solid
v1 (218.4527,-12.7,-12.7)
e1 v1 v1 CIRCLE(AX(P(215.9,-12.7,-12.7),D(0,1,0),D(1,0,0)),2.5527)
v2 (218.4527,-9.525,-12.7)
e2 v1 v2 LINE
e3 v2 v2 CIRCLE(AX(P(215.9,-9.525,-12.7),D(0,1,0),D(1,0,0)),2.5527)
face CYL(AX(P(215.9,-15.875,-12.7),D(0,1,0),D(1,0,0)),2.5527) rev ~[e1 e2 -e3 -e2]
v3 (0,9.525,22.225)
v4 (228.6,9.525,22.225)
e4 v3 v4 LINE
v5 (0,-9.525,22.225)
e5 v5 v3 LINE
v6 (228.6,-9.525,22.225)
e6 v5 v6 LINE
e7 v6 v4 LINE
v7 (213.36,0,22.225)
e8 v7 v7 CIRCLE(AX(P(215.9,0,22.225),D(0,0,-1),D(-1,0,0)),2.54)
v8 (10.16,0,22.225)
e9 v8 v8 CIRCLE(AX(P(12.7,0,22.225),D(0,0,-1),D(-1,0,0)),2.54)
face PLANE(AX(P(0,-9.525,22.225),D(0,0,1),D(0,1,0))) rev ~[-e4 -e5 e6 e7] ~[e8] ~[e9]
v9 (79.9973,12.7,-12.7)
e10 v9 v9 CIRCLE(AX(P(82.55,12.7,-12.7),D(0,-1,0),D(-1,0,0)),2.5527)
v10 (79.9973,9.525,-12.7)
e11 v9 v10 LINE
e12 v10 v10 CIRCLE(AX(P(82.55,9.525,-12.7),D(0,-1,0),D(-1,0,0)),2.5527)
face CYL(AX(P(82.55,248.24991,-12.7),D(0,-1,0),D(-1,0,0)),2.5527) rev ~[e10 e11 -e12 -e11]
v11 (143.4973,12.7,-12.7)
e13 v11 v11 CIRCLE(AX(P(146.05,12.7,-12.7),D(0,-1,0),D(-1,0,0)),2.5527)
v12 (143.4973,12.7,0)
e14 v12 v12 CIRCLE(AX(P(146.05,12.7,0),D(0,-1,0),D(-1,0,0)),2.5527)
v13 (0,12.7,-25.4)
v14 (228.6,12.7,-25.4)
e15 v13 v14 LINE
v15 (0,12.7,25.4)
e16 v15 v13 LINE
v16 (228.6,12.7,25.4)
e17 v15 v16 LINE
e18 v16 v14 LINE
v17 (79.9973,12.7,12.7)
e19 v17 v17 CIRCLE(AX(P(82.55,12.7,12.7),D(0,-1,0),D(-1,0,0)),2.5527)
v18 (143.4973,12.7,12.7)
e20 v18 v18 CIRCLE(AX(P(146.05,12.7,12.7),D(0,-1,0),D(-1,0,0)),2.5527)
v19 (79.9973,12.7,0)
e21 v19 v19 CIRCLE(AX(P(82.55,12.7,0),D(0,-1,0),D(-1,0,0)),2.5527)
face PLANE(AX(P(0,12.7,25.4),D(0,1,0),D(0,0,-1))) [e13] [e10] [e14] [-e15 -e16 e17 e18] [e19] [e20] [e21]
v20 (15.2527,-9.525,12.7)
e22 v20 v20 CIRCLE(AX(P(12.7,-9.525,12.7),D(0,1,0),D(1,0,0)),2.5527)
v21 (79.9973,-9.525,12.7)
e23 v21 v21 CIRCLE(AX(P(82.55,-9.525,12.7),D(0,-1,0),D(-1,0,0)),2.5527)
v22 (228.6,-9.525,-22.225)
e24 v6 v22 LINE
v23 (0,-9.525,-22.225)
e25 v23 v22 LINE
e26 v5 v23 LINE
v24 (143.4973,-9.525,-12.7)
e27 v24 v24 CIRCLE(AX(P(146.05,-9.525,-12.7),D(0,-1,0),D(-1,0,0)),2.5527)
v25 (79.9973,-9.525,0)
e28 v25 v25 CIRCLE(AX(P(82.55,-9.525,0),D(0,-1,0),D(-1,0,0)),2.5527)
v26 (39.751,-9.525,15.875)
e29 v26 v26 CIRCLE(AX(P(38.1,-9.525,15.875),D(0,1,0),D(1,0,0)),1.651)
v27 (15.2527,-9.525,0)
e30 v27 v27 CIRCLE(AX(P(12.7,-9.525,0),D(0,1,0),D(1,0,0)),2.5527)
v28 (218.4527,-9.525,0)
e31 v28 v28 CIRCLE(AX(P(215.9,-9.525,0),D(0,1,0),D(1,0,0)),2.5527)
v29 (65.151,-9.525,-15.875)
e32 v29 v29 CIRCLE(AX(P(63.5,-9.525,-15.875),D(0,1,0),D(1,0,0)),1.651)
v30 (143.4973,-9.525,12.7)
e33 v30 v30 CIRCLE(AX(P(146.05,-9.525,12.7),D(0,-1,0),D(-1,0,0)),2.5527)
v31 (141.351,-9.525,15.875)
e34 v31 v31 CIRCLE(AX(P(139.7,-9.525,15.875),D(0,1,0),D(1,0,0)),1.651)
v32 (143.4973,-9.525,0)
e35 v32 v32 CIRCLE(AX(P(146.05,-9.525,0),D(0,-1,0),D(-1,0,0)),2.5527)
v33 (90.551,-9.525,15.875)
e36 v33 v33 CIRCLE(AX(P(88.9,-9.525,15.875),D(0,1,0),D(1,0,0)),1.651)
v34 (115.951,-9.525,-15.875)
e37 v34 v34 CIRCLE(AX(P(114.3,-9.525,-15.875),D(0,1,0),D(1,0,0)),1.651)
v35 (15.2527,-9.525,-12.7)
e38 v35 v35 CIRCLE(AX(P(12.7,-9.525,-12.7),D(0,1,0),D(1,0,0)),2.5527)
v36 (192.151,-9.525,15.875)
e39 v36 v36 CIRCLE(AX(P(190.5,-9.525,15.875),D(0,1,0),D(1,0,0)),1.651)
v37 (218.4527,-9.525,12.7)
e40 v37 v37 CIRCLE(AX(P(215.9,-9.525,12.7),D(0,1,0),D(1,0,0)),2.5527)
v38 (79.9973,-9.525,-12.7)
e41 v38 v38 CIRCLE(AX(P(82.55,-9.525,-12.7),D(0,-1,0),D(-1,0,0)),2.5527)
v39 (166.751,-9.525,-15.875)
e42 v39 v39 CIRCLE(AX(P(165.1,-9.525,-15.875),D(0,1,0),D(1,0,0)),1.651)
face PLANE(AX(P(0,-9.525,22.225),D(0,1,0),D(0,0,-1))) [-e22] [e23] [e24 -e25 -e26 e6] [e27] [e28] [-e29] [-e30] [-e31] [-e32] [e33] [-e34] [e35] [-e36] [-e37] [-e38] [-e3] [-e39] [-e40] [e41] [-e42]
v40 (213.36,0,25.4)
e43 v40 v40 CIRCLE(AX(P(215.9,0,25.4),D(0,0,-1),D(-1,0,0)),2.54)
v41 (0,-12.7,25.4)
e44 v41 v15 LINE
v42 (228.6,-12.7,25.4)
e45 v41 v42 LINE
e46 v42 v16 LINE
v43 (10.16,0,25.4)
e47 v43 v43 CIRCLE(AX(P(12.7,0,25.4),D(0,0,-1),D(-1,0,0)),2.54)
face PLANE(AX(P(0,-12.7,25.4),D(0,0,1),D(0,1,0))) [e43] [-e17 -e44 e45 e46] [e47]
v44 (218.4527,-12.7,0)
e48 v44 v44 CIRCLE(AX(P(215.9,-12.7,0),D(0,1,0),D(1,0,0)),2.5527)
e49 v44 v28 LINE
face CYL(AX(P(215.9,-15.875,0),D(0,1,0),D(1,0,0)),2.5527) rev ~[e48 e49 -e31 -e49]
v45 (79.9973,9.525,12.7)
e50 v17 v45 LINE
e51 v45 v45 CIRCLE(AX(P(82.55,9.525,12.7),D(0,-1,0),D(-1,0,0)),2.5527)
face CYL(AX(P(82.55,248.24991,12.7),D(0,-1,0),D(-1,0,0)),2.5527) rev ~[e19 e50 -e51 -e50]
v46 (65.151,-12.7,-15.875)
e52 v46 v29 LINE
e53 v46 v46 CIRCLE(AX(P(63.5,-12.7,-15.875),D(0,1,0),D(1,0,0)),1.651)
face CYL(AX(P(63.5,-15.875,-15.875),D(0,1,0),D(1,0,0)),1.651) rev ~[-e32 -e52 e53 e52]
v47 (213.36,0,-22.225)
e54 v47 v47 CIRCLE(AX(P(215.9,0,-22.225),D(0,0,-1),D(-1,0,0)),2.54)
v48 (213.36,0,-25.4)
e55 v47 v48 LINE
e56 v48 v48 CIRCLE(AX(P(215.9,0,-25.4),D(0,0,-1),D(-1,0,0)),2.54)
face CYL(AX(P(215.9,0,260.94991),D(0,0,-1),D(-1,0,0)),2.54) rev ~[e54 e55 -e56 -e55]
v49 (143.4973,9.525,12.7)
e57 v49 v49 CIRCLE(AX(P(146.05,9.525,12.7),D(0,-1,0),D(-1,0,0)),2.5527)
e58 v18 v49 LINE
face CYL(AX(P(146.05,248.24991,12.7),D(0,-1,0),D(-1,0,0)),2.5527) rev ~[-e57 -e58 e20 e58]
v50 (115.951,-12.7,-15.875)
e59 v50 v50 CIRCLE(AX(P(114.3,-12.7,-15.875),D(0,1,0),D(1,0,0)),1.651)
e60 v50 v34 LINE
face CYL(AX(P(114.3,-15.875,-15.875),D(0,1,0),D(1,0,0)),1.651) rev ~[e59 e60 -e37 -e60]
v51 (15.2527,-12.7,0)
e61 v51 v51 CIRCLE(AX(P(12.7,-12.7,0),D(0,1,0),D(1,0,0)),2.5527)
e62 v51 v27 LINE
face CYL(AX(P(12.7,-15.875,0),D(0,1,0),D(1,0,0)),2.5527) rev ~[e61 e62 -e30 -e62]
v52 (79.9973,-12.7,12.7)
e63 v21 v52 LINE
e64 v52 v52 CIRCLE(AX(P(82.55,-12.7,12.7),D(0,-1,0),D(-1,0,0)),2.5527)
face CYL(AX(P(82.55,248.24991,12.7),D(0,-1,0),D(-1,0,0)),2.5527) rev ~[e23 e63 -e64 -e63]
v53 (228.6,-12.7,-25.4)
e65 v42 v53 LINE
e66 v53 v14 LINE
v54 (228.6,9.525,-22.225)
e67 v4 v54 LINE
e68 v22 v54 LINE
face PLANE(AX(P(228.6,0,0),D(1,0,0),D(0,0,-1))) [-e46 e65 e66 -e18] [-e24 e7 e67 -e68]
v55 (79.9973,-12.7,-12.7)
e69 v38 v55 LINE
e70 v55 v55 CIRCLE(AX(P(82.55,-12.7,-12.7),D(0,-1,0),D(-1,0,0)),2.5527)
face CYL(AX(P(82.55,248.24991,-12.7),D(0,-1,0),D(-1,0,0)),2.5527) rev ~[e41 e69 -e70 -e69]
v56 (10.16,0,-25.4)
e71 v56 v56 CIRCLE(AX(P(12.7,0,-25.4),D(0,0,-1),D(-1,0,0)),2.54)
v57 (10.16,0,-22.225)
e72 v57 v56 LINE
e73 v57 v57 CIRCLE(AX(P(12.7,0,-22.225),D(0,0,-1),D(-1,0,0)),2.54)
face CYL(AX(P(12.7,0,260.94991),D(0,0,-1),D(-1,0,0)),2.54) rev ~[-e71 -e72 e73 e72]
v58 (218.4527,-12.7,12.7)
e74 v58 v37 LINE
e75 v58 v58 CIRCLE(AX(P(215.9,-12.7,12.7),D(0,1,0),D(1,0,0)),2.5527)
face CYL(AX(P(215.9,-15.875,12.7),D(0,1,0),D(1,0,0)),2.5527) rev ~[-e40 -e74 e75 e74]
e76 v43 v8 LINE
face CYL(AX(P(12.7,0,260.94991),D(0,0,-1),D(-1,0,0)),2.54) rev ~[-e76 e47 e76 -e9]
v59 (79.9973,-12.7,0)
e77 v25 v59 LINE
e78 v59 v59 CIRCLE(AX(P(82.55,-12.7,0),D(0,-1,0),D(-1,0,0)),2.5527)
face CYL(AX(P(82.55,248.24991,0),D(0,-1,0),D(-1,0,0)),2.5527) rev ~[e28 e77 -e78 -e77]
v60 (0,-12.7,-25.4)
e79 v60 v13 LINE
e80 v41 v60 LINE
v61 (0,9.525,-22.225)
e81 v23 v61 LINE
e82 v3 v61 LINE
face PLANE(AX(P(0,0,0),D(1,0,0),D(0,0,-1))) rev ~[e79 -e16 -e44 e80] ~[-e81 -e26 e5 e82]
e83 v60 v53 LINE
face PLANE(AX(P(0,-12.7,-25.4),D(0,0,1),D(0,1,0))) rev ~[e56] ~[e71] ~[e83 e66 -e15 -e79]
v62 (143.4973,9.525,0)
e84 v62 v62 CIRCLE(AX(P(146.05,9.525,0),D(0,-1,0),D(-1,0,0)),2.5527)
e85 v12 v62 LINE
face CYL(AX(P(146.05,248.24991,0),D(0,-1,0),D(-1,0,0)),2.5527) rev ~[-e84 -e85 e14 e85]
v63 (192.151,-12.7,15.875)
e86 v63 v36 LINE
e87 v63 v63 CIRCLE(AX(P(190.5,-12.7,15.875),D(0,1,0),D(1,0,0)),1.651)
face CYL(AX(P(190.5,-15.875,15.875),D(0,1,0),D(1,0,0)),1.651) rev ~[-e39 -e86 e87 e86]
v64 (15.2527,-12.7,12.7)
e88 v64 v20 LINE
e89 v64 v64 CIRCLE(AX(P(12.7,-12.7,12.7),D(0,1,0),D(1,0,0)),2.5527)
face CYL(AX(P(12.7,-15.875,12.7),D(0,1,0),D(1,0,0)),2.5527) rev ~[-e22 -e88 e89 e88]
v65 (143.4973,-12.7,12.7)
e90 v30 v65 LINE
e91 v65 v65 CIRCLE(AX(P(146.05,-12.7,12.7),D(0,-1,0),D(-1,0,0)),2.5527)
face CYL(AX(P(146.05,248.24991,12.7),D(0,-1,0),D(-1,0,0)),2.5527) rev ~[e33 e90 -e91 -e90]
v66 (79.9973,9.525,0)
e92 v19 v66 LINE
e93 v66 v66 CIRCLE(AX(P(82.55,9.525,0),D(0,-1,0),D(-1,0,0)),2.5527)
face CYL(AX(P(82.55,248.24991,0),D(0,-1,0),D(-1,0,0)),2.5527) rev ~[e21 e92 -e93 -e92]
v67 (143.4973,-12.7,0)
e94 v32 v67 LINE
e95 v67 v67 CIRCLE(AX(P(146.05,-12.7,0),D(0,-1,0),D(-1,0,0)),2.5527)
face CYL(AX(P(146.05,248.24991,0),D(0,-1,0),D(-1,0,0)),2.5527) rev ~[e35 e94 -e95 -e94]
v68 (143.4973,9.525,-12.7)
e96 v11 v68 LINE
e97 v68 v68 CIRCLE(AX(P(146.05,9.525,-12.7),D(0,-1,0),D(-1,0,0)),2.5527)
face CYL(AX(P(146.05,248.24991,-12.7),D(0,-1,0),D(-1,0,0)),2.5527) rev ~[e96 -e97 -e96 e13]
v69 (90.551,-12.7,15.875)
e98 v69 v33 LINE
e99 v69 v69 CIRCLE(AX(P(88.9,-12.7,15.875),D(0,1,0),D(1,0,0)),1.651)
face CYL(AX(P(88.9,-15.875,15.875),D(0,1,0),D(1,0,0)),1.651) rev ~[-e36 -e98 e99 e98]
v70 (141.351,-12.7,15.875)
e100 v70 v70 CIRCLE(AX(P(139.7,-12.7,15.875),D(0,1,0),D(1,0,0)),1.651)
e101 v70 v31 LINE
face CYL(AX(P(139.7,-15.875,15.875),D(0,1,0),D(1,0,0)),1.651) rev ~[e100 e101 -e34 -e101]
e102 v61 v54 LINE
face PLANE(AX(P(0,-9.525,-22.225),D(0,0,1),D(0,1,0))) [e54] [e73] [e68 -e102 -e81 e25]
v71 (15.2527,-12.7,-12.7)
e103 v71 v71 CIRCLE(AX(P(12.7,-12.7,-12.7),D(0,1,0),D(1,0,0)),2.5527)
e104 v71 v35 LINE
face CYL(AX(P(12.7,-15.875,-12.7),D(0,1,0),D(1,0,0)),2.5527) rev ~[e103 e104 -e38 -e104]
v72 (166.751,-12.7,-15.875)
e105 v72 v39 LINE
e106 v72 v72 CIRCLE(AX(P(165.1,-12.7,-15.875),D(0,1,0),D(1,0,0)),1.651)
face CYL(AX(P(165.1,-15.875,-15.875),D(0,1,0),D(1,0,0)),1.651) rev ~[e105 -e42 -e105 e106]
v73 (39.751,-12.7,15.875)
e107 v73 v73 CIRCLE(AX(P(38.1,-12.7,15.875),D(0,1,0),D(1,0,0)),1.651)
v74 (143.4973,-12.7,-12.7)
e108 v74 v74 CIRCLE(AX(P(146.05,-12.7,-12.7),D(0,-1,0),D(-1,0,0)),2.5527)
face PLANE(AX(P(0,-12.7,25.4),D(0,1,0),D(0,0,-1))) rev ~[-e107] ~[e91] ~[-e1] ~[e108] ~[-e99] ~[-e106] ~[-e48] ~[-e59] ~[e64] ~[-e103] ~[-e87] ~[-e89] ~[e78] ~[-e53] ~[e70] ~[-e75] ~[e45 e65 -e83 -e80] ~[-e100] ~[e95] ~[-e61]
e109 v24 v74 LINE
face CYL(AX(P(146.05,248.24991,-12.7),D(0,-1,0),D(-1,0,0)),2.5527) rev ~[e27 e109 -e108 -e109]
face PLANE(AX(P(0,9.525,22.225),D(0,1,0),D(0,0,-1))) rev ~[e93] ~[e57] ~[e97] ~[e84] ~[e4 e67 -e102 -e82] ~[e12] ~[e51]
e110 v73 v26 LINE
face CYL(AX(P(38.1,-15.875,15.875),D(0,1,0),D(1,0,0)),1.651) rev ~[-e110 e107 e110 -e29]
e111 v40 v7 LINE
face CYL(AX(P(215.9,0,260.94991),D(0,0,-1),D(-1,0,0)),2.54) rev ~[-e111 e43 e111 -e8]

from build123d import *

# Parameters (mm, degrees)
SKETCH1_W                       = 50.8
SKETCH1_H                       = 25.4
SKETCH1_W_2                     = 44.45
SKETCH1_H_2                     = 19.05
EXTRUDE_THIN1_DEPTH             = 228.6
F_1_8_0_13_DIAMETER_HOLE1_D     = 3.302
F_1_8_0_13_DIAMETER_HOLE1_DEPTH = 3.175
F_10_CLEARANCE_HOLE1_D          = 5.1054
F_10_0_2_DIAMETER_HOLE1_D       = 5.08
F_10_CLEARANCE_HOLE2_D          = 5.1054
F_10_CLEARANCE_HOLE2_DEPTH      = 3.175


with BuildPart() as part:
    # Sketch1 → Extrude-Thin1 (new body)
    with BuildSketch(Plane(origin=(0, 0, 0), x_dir=(0, 0, -1), z_dir=(1, 0, 0))):
        Rectangle(SKETCH1_W, SKETCH1_H)
        Rectangle(SKETCH1_W_2, SKETCH1_H_2, mode=Mode.SUBTRACT)
    extrude(amount=EXTRUDE_THIN1_DEPTH)

    # 1/8 (0.13) Diameter Hole1
    with Locations(Plane(origin=(0, -12.7, 0), x_dir=(-1, 0, 0), z_dir=(0, -1, 0))):
        with Locations((-190.5, -15.875), (-38.1, -15.875), (-63.5, 15.875), (-88.9, -15.875), (-114.3, 15.875), (-139.7, -15.875), (-165.1, 15.875)):
            Hole(F_1_8_0_13_DIAMETER_HOLE1_D / 2, depth=F_1_8_0_13_DIAMETER_HOLE1_DEPTH)

    # #10 Clearance Hole1 (through all)
    with Locations(Plane(origin=(0, 12.7, 0), x_dir=(1, 0, 0), z_dir=(0, 1, 0))):
        with Locations((82.55, 12.7), (82.55, 0), (82.55, -12.7), (146.05, -12.7), (146.05, 0), (146.05, 12.7)):
            Hole(F_10_CLEARANCE_HOLE1_D / 2)

    # #10 (0.2) Diameter Hole1 (through all)
    with Locations(Plane.XY.offset(25.4)):
        with Locations((12.7, 0), (215.9, 0)):
            Hole(F_10_0_2_DIAMETER_HOLE1_D / 2)

    # #10 Clearance Hole2
    with Locations(Plane(origin=(0, -12.7, 0), x_dir=(-1, 0, 0), z_dir=(0, -1, 0))):
        with Locations((-215.9, 12.7), (-215.9, 0), (-215.9, -12.7), (-12.7, -12.7), (-12.7, 0), (-12.7, 12.7)):
            Hole(F_10_CLEARANCE_HOLE2_D / 2, depth=F_10_CLEARANCE_HOLE2_DEPTH)


solid = part.part
